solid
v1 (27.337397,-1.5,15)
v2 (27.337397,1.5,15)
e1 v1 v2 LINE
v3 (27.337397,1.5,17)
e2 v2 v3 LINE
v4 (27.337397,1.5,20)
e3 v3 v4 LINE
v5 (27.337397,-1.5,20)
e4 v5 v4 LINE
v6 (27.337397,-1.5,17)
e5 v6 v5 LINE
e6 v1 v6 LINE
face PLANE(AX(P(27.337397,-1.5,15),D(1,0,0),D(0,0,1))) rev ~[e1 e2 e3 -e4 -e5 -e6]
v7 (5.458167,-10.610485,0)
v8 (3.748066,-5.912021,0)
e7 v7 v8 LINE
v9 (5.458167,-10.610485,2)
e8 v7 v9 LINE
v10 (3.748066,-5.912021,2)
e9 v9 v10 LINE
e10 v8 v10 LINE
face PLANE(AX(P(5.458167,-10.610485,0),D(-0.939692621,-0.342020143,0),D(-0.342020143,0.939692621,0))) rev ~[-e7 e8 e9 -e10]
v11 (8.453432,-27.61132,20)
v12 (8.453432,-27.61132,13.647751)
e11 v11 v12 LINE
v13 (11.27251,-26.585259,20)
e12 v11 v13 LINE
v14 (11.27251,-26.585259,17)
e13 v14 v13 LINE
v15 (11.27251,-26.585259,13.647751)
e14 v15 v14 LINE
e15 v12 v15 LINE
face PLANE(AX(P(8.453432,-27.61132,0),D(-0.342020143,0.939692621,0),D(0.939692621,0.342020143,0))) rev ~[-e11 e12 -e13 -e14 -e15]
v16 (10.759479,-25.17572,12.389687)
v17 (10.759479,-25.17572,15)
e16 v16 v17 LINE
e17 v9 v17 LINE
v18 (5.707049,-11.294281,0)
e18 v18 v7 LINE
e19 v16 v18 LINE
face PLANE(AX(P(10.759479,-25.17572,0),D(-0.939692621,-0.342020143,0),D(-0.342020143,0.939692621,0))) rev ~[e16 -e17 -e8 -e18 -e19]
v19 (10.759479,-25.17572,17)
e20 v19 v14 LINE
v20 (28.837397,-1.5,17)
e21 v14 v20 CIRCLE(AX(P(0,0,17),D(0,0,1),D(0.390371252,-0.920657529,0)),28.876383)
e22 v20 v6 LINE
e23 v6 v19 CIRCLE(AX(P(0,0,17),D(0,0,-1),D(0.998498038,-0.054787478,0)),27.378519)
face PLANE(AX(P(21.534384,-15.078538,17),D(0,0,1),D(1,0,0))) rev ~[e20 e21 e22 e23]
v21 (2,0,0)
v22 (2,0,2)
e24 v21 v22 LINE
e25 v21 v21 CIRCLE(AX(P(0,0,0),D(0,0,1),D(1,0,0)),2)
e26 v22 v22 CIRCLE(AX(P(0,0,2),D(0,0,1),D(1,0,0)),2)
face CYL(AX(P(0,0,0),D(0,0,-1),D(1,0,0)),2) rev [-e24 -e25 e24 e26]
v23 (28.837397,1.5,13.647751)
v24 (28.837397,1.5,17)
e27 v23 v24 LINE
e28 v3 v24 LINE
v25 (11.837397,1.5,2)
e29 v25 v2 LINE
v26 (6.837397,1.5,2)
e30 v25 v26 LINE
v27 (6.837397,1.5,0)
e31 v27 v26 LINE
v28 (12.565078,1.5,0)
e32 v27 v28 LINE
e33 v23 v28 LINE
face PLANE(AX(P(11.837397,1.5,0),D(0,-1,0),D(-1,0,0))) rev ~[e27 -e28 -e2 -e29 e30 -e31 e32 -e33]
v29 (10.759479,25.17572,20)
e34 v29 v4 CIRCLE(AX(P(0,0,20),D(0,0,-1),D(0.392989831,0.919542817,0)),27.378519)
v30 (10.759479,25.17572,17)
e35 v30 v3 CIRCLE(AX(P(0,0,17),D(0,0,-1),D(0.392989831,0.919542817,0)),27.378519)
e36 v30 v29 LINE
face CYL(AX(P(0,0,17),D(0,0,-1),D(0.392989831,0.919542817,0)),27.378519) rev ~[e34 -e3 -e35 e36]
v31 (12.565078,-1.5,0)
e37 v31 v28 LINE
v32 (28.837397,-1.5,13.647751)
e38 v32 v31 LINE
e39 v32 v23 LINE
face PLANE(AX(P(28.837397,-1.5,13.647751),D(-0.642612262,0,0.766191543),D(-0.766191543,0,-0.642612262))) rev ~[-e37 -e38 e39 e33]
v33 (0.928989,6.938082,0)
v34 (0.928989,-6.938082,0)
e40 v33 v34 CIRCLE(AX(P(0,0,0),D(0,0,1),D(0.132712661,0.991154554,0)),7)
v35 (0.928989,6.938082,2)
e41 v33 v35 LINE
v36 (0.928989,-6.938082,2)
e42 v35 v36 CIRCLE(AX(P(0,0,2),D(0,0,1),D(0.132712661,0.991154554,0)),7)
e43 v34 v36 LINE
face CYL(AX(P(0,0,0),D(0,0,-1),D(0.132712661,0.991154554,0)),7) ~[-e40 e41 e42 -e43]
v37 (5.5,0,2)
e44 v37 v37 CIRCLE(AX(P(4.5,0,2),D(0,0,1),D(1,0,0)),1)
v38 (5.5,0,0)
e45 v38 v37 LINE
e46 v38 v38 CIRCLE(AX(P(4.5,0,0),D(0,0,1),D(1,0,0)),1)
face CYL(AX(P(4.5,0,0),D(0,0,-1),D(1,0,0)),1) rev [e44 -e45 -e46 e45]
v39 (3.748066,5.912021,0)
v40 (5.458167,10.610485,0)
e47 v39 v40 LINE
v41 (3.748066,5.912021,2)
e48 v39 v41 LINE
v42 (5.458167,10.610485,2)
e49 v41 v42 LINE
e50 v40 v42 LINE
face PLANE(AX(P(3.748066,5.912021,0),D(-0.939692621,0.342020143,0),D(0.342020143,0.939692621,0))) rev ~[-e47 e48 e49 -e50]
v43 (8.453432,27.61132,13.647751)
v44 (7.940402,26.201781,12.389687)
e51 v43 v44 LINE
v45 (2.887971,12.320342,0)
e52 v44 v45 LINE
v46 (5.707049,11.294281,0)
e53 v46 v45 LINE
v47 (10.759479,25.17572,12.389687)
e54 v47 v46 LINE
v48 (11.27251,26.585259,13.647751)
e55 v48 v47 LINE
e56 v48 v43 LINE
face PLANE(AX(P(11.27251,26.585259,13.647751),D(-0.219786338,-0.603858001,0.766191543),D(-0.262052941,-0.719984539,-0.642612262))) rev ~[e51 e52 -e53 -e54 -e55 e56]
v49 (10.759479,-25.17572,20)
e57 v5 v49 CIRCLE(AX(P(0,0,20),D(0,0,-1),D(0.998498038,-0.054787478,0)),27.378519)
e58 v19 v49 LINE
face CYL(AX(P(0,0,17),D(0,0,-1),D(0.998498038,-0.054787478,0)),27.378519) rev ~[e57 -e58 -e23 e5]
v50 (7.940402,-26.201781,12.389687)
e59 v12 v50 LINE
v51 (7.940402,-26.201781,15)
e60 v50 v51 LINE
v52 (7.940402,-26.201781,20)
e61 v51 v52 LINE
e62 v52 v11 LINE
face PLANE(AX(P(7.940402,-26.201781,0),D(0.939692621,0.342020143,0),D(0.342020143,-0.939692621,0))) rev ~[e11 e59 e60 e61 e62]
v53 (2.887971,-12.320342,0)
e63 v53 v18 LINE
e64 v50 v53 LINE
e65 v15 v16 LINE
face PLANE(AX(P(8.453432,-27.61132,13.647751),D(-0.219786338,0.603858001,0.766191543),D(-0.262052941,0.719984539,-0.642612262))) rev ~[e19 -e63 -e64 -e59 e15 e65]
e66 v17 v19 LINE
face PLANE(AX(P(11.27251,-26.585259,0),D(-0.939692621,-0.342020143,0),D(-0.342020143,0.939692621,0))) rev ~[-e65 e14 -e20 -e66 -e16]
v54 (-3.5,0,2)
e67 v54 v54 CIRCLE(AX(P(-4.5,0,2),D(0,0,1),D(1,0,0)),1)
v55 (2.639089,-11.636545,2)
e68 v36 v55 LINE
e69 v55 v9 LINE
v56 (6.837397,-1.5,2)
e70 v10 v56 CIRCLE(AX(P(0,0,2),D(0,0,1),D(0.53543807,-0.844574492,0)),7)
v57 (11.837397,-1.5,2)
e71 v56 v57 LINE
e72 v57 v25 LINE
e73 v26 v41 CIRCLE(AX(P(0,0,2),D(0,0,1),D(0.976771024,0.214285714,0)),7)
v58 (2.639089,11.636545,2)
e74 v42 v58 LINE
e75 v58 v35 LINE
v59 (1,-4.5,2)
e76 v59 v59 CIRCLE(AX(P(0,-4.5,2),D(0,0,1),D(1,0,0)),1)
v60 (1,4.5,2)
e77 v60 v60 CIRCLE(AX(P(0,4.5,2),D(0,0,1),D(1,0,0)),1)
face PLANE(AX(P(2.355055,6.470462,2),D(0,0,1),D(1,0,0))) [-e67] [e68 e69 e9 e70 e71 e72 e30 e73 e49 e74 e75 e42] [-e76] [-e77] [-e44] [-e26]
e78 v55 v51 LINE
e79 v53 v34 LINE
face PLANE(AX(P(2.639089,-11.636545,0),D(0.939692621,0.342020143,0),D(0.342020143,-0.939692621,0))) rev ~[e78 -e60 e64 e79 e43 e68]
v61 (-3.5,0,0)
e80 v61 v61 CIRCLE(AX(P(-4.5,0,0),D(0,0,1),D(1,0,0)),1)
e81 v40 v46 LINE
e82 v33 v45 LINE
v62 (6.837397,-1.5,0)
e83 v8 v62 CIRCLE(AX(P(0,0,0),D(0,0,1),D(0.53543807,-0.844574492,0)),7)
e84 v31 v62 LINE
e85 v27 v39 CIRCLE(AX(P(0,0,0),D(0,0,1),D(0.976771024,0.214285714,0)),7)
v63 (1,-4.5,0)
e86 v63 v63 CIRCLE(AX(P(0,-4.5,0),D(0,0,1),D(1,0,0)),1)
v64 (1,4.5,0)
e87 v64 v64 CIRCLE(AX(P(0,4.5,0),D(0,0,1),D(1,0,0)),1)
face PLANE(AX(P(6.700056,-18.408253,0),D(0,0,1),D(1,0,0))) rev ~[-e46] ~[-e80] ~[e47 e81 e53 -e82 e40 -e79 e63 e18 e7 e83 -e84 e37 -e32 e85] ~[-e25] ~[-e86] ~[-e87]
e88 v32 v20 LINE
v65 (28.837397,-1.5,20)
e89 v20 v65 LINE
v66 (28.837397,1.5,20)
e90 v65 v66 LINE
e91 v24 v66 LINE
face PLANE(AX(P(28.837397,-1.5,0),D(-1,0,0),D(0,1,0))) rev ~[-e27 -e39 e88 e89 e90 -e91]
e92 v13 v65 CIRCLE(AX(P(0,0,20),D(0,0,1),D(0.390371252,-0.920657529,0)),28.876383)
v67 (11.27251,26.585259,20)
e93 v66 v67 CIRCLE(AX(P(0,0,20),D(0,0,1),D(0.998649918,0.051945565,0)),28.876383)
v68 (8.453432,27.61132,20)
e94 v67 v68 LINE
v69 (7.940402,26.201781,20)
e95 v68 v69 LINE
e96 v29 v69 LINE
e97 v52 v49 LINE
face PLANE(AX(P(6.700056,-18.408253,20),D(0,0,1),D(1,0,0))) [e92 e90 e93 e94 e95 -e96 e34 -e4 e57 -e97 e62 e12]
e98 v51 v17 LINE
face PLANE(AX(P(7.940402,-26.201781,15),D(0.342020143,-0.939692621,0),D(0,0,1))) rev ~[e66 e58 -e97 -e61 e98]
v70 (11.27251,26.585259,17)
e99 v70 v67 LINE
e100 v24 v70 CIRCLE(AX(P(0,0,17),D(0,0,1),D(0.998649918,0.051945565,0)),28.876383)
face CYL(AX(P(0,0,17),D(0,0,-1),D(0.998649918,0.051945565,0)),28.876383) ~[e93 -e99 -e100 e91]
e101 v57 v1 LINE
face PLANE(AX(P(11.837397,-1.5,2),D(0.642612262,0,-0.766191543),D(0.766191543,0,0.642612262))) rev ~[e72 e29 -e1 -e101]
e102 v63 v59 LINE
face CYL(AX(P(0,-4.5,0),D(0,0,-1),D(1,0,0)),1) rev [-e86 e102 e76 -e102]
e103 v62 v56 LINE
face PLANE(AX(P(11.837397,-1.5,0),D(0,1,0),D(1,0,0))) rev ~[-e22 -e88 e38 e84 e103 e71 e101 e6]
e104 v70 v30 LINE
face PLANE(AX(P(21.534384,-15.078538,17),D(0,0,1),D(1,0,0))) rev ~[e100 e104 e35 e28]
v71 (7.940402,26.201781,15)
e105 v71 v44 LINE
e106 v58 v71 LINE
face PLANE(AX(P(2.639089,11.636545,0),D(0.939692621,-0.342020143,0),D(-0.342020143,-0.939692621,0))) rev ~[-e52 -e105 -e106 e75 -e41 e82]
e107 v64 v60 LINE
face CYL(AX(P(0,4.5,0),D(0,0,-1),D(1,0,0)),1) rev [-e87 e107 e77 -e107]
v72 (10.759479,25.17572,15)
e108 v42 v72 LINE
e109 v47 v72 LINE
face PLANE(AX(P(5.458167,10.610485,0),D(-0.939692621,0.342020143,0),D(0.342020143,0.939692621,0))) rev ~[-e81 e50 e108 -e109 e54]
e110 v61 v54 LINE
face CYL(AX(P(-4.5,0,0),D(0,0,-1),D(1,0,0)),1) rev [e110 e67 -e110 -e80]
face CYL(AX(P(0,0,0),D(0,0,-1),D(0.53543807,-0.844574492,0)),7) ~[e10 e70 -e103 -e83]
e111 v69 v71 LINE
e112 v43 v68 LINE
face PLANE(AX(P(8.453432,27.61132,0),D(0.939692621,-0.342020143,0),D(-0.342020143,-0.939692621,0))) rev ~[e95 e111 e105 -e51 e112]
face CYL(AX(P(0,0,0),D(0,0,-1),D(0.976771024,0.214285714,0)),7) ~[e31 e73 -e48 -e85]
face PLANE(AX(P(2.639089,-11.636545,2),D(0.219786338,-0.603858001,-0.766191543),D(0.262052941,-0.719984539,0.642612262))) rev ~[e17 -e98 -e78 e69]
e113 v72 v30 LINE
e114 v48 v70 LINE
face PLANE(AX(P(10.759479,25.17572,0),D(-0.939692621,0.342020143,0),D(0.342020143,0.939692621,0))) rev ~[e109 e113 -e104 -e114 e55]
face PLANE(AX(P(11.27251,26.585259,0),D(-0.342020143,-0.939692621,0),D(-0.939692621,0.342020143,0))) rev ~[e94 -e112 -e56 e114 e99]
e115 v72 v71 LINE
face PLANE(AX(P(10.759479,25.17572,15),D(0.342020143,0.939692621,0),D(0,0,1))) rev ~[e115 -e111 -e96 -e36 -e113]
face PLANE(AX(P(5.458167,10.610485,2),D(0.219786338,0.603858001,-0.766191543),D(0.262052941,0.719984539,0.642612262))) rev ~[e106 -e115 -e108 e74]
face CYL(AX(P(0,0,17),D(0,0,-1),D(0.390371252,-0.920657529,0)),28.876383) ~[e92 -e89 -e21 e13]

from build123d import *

# Parameters (mm, degrees)
F0_R     = 1
F0_R_2   = 2
F1_DEPTH = 2
F2_START = 17
F2_DEPTH = 3
F3_DEPTH = 20
F5_DEPTH = 3
F8_DEPTH = 3
F9_DEPTH = 3


with BuildPart() as f1:
    # F0 (on Top) → F1 (new body)
    with BuildSketch(Plane.XY):
        with BuildLine():
            Line((0.9289886274, 6.9380818769), (3.7480664897, 5.9120214469))
            ThreePointArc((3.7480664897, 5.9120214469), (2.3941410033, 6.5778483455), (0.9289886274, 6.9380818769))
        make_face()
        with BuildLine():
            Line((6.8373971656, -1.5), (6.8373971656, 1.5))
            ThreePointArc((6.8373971656, 1.5), (5.73406431, 4.0150350545), (3.7480664897, 5.9120214469))
            Line((3.7480664897, 5.9120214469), (0.9289886274, 6.9380818769))
            ThreePointArc((0.9289886274, 6.9380818769), (-7, 0), (0.9289886274, -6.9380818769))
            Line((0.9289886274, -6.9380818769), (3.7480664897, -5.9120214469))
            ThreePointArc((3.7480664897, -5.9120214469), (5.73406431, -4.0150350545), (6.8373971656, -1.5))
        make_face()
        with Locations((0, -4.5)):
            Circle(F0_R, mode=Mode.SUBTRACT)
        with Locations((-4.5, 0)):
            Circle(F0_R, mode=Mode.SUBTRACT)
        Circle(F0_R_2, mode=Mode.SUBTRACT)
        with Locations((0, 4.5)):
            Circle(F0_R, mode=Mode.SUBTRACT)
        with Locations((4.5, 0)):
            Circle(F0_R, mode=Mode.SUBTRACT)
        with BuildLine():
            ThreePointArc((6.8373971656, 1.5), (6.9592305666, 0.7543937436), (7, 0))
            ThreePointArc((7, 0), (6.9592305666, -0.7543937436), (6.8373971656, -1.5))
            Line((6.8373971656, -1.5), (11.8373971656, -1.5))
            Line((11.8373971656, -1.5), (11.8373971656, 1.5))
            Line((11.8373971656, 1.5), (6.8373971656, 1.5))
        make_face()
        with BuildLine():
            ThreePointArc((6.8373971656, -1.5), (6.9592305666, -0.7543937436), (7, 0))
            ThreePointArc((7, 0), (6.9592305666, 0.7543937436), (6.8373971656, 1.5))
            Line((6.8373971656, 1.5), (6.8373971656, -1.5))
        make_face()
        with BuildLine():
            ThreePointArc((0.9289886274, -6.9380818769), (2.3941410033, -6.5778483455), (3.7480664897, -5.9120214469))
            Line((3.7480664897, -5.9120214469), (0.9289886274, -6.9380818769))
        make_face()
        with BuildLine():
            Line((5.4581672064, -10.6104845508), (3.7480664897, -5.9120214469))
            ThreePointArc((3.7480664897, -5.9120214469), (2.3941410033, -6.5778483455), (0.9289886274, -6.9380818769))
            Line((0.9289886274, -6.9380818769), (2.639089344, -11.6365449808))
            Line((2.639089344, -11.6365449808), (5.4581672064, -10.6104845508))
        make_face()
        with BuildLine():
            ThreePointArc((0.9289886274, 6.9380818769), (2.3941410033, 6.5778483455), (3.7480664897, 5.9120214469))
            Line((3.7480664897, 5.9120214469), (5.4581672064, 10.6104845508))
            Line((5.4581672064, 10.6104845508), (2.639089344, 11.6365449808))
            Line((2.639089344, 11.6365449808), (0.9289886274, 6.9380818769))
        make_face()
    extrude(amount=F1_DEPTH)



with BuildPart() as f2:
    # F0 (on Top) → F2 (new body)
    with BuildSketch(Plane.XY.offset(F2_START)):
        with BuildLine():
            Line((28.8373971656, -1.5), (27.3373971656, -1.5))
            ThreePointArc((27.3373971656, -1.5), (22.4271695266, -15.7036731632), (10.7594794279, -25.175720173))
            Line((10.7594794279, -25.175720173), (11.2725096429, -26.5852591042))
            ThreePointArc((11.2725096429, -26.5852591042), (23.6541478842, -16.5628126584), (28.8373971656, -1.5))
        make_face()
        with BuildLine():
            Line((11.2725096429, -26.5852591042), (10.7594794279, -25.175720173))
            ThreePointArc((10.7594794279, -25.175720173), (9.3640048747, -25.727391949), (7.9404015655, -26.201780603))
            Line((7.9404015655, -26.201780603), (8.4534317805, -27.6113195342))
            Line((8.4534317805, -27.6113195342), (11.2725096429, -26.5852591042))
        make_face()
        with BuildLine():
            ThreePointArc((10.7594794279, 25.175720173), (22.4271695266, 15.7036731632), (27.3373971656, 1.5))
            Line((27.3373971656, 1.5), (28.8373971656, 1.5))
            ThreePointArc((28.8373971656, 1.5), (23.6541478842, 16.5628126584), (11.2725096429, 26.5852591042))
            Line((11.2725096429, 26.5852591042), (10.7594794279, 25.175720173))
        make_face()
        with BuildLine():
            ThreePointArc((7.9404015655, 26.201780603), (9.3640048747, 25.727391949), (10.7594794279, 25.175720173))
            Line((10.7594794279, 25.175720173), (11.2725096429, 26.5852591042))
            Line((11.2725096429, 26.5852591042), (8.4534317805, 27.6113195342))
            Line((8.4534317805, 27.6113195342), (7.9404015655, 26.201780603))
        make_face()
        with BuildLine():
            Line((28.8373971656, 1.5), (27.3373971656, 1.5))
            ThreePointArc((27.3373971656, 1.5), (27.3785186559, 0), (27.3373971656, -1.5))
            Line((27.3373971656, -1.5), (28.8373971656, -1.5))
            Line((28.8373971656, -1.5), (28.8373971656, 1.5))
        make_face()
    extrude(amount=F2_DEPTH)


with BuildPart() as f1_1:
    add(f1.part)

    add(f2.part)  # F3 merges F2
    # F0 (on Top) → F3 (join)
    with BuildSketch(Plane.XY):
        with BuildLine():
            Line((10.7594794279, -25.175720173), (5.4581672064, -10.6104845508))
            Line((5.4581672064, -10.6104845508), (2.639089344, -11.6365449808))
            Line((2.639089344, -11.6365449808), (7.9404015655, -26.201780603))
            ThreePointArc((7.9404015655, -26.201780603), (9.3640048747, -25.727391949), (10.7594794279, -25.175720173))
        make_face()
        with BuildLine():
            ThreePointArc((7.9404015655, 26.201780603), (9.3640048747, 25.727391949), (10.7594794279, 25.175720173))
            Line((10.7594794279, 25.175720173), (11.2725096429, 26.5852591042))
            Line((11.2725096429, 26.5852591042), (8.4534317805, 27.6113195342))
            Line((8.4534317805, 27.6113195342), (7.9404015655, 26.201780603))
        make_face()
        with BuildLine():
            Line((28.8373971656, 1.5), (27.3373971656, 1.5))
            ThreePointArc((27.3373971656, 1.5), (27.3785186559, 0), (27.3373971656, -1.5))
            Line((27.3373971656, -1.5), (28.8373971656, -1.5))
            Line((28.8373971656, -1.5), (28.8373971656, 1.5))
        make_face()
        with BuildLine():
            Line((11.2725096429, -26.5852591042), (10.7594794279, -25.175720173))
            ThreePointArc((10.7594794279, -25.175720173), (9.3640048747, -25.727391949), (7.9404015655, -26.201780603))
            Line((7.9404015655, -26.201780603), (8.4534317805, -27.6113195342))
            Line((8.4534317805, -27.6113195342), (11.2725096429, -26.5852591042))
        make_face()
        with BuildLine():
            Line((27.3373971656, 1.5), (11.8373971656, 1.5))
            Line((11.8373971656, 1.5), (11.8373971656, -1.5))
            Line((11.8373971656, -1.5), (27.3373971656, -1.5))
            ThreePointArc((27.3373971656, -1.5), (27.3785186559, 0), (27.3373971656, 1.5))
        make_face()
        with BuildLine():
            Line((2.639089344, 11.6365449808), (5.4581672064, 10.6104845508))
            Line((5.4581672064, 10.6104845508), (10.7594794279, 25.175720173))
            ThreePointArc((10.7594794279, 25.175720173), (9.3640048747, 25.727391949), (7.9404015655, 26.201780603))
            Line((7.9404015655, 26.201780603), (2.639089344, 11.6365449808))
        make_face()
    extrude(amount=F3_DEPTH)

    # F4 (on face) → F5 (cut)
    with BuildSketch(Plane(origin=(-1.4095389312, -0.513030215, 0), x_dir=(0.3420201433, -0.9396926208, 0), z_dir=(-0.9396926208, -0.3420201433, 0))):
        Polygon((27.3373971656, 15), (27.3373971656, 20), (11.8373971656, 20), (11.8373971656, 2), align=None)
        Polygon((28.8373971656, 0), (28.8373971656, 13.647751184), (12.5650784462, 0), align=None)
    extrude(amount=-F5_DEPTH, mode=Mode.SUBTRACT)

    # F6 (on face) → F8 (cut)
    with BuildSketch(Plane.XZ.offset(1.5)):
        Polygon((28.8373971656, 0), (28.8373971656, 13.647751184), (12.5650784462, 0), align=None)
        Polygon((27.3373971656, 17), (27.3373971656, 20), (11.8373971656, 20), (11.8373971656, 2), (27.3373971656, 15), align=None)
    extrude(amount=-F8_DEPTH, mode=Mode.SUBTRACT)

    # F7 (on face) → F9 (cut)
    with BuildSketch(Plane(origin=(1.4095389312, -0.513030215, 0), x_dir=(0.3420201433, 0.9396926208, 0), z_dir=(0.9396926208, -0.3420201433, 0))):
        Polygon((27.3373971656, 17), (27.3373971656, 20), (11.8373971656, 20), (11.8373971656, 2), (27.3373971656, 15), align=None)
        Polygon((28.8373971656, 0), (28.8373971656, 13.647751184), (12.5650784462, 0), align=None)
    extrude(amount=-F9_DEPTH, mode=Mode.SUBTRACT)


solid = f1_1.part
